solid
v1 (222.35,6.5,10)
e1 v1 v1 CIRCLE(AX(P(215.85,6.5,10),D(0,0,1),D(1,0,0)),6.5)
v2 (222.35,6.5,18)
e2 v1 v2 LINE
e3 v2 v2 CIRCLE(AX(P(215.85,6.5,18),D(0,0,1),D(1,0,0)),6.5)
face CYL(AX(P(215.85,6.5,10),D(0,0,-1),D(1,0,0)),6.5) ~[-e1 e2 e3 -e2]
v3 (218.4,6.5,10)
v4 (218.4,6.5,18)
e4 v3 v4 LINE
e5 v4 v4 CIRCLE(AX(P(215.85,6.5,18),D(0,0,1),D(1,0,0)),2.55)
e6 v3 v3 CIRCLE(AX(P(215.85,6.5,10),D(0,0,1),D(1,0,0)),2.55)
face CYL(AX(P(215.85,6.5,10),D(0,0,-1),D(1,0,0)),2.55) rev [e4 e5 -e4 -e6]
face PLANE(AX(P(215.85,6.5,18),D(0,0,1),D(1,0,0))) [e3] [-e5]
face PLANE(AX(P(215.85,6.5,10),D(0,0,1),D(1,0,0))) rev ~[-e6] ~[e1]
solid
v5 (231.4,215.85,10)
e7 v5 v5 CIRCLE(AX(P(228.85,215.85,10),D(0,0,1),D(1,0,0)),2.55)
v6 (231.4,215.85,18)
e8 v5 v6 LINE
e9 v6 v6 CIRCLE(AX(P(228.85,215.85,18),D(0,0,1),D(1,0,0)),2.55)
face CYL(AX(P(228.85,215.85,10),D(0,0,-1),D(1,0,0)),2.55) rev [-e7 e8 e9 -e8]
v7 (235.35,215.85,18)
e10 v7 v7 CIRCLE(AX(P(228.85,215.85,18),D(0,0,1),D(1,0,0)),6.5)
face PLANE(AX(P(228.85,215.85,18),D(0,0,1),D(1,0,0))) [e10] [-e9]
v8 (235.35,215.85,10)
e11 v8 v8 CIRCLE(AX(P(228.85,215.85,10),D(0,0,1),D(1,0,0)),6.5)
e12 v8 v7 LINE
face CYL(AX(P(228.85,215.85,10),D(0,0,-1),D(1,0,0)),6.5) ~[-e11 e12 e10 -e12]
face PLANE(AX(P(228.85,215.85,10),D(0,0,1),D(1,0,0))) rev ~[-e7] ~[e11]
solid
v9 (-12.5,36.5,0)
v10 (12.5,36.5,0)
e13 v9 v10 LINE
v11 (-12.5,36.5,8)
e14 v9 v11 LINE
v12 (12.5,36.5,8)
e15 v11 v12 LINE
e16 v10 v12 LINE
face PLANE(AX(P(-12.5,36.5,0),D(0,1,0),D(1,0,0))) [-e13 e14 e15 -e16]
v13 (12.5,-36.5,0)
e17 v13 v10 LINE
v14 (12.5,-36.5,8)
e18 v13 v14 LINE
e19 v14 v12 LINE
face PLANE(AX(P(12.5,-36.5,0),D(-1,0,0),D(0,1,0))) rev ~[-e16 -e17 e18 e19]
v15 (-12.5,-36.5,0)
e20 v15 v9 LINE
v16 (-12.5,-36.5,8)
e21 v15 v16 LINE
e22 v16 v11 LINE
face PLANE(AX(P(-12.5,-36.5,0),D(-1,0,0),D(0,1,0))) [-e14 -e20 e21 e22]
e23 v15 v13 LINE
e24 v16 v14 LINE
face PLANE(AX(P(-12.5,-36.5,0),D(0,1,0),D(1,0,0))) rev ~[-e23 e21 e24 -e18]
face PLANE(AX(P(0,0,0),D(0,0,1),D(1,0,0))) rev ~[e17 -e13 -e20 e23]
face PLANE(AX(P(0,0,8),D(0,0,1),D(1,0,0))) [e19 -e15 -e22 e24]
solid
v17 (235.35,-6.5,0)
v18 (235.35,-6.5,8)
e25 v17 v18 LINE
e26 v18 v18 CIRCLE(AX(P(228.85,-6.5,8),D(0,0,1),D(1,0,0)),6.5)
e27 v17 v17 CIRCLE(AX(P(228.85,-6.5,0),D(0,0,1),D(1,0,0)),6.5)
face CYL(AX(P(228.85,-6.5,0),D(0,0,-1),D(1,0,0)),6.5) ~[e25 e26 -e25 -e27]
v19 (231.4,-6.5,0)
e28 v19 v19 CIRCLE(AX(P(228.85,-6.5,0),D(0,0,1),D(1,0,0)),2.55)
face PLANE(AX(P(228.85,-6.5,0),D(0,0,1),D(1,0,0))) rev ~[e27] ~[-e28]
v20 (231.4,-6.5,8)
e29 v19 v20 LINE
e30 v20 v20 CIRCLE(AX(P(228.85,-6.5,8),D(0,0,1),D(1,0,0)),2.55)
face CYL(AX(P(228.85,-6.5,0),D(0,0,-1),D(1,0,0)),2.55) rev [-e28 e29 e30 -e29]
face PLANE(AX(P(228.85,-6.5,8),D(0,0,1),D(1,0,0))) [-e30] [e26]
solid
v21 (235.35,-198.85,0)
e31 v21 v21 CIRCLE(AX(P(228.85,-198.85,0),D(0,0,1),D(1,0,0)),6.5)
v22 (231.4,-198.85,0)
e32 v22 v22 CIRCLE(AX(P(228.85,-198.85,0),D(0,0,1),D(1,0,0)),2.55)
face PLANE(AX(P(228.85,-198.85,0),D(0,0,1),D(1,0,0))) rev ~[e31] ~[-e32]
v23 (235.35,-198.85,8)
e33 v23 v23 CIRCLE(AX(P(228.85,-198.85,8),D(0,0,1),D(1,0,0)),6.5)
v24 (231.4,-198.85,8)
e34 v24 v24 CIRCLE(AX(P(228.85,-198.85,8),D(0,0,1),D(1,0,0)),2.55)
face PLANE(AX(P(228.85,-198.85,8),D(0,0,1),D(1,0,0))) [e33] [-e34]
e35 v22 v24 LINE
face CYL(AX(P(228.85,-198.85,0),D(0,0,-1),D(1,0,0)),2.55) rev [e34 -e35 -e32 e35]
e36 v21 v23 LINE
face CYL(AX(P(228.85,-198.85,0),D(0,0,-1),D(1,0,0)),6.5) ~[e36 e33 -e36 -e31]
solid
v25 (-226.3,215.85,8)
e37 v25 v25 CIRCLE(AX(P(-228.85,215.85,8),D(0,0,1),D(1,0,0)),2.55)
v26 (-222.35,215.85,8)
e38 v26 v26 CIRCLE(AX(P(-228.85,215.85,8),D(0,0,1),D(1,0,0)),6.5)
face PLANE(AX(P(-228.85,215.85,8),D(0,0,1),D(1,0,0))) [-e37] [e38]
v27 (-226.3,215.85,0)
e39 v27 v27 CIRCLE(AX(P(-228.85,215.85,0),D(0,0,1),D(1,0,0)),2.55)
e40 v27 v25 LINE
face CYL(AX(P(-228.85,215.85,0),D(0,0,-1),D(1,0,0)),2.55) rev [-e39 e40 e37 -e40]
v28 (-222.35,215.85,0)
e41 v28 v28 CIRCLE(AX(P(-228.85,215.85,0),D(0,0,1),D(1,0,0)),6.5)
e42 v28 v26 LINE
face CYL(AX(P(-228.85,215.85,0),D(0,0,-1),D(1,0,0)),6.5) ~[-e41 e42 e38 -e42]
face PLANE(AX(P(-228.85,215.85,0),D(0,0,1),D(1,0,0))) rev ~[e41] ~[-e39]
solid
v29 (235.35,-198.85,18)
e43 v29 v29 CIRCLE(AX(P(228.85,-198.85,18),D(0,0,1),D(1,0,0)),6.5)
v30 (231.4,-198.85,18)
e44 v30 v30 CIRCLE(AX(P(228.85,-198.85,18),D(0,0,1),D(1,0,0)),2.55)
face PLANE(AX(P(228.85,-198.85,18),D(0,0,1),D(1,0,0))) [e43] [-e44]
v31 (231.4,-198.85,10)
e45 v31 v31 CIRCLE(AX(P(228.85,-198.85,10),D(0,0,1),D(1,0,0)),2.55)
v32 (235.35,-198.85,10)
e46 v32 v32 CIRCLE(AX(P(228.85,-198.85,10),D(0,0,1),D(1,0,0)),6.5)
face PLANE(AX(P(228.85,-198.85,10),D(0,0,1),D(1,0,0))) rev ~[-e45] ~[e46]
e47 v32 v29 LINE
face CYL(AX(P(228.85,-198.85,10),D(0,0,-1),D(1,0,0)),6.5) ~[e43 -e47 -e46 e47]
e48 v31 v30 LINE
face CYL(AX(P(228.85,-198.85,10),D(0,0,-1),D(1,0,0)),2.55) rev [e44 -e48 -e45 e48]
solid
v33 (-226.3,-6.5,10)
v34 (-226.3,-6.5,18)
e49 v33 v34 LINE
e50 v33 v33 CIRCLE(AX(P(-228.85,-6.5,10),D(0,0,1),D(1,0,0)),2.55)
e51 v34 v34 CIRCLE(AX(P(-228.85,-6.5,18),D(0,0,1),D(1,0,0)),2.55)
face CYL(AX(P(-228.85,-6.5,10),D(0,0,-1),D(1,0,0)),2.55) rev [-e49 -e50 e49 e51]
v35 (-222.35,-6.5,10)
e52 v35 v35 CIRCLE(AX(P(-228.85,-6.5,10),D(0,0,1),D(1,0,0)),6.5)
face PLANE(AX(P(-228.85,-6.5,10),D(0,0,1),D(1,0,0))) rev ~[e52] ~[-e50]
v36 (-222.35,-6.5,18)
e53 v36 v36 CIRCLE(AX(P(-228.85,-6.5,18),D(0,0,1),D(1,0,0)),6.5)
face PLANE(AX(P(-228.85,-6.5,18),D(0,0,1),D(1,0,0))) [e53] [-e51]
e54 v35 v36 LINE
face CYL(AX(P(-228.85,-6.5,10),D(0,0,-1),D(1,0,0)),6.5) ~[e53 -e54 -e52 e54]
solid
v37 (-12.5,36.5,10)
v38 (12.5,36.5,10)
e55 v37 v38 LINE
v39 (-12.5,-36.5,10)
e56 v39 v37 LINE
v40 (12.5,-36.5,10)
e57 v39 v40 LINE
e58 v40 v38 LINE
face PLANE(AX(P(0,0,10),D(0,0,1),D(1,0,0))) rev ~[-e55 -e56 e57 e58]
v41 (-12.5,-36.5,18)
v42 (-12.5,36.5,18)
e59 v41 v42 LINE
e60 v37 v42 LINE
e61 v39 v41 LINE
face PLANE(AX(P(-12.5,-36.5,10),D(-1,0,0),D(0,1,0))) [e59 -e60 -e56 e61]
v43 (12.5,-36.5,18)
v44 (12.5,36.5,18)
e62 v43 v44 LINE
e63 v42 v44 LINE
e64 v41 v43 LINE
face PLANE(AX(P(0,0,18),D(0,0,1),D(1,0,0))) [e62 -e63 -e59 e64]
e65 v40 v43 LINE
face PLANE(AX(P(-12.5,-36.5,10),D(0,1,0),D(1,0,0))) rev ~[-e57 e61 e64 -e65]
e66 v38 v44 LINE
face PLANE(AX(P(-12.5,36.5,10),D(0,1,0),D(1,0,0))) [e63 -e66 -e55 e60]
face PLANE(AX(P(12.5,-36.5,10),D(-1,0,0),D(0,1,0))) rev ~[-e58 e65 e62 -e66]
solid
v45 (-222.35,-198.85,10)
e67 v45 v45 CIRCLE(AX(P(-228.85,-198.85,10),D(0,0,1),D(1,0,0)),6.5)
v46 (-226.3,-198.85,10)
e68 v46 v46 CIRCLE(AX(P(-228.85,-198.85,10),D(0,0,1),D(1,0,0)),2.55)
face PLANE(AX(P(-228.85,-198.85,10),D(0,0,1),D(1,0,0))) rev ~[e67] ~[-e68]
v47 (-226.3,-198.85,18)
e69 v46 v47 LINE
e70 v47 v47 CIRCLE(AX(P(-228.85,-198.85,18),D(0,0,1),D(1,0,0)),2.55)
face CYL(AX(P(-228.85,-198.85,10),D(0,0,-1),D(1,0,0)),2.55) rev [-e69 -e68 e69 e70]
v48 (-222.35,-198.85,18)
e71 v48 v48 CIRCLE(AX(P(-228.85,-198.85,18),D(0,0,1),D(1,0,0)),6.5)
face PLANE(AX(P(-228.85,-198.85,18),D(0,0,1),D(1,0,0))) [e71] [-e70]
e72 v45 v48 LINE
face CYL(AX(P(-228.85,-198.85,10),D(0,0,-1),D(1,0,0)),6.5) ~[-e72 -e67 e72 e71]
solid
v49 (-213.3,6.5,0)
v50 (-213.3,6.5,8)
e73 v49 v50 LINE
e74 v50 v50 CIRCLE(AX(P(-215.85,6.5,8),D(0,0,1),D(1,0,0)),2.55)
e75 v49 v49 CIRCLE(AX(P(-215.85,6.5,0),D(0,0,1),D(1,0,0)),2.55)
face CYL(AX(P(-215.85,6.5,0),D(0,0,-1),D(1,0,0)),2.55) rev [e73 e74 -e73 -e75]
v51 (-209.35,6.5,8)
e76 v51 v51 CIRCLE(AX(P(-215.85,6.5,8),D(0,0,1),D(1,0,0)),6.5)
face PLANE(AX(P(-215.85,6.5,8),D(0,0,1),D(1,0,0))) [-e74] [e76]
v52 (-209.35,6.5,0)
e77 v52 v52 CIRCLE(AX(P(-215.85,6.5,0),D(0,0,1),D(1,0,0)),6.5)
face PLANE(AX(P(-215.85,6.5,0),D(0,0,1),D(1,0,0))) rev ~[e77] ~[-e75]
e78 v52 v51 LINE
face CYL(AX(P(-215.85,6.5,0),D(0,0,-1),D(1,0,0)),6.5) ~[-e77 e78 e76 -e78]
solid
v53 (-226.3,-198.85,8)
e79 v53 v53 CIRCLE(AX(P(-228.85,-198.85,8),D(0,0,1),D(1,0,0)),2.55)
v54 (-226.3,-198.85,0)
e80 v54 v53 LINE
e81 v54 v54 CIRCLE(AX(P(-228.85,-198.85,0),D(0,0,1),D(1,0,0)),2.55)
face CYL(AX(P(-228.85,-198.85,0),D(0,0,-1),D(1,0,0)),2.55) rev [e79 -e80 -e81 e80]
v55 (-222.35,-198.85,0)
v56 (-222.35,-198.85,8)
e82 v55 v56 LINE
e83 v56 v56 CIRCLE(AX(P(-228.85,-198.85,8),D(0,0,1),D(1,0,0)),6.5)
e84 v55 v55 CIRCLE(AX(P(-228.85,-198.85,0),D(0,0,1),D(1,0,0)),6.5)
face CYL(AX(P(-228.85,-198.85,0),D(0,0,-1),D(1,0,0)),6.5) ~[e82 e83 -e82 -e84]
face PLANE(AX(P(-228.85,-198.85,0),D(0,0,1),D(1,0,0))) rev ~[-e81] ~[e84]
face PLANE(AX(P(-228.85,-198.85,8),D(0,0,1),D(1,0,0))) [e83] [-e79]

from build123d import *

# Parameters (mm, degrees)
F4_R     = 6.5
F4_R_2   = 2.55
F4_W     = 25
F4_H     = 73
F5_DEPTH = 8
F7_R     = 6.5
F7_R_2   = 2.55
F7_W     = 25
F7_H     = 73
F8_DEPTH = 8


with BuildPart() as f5:
    # F4 (on Top) → F5 (new body)
    with BuildSketch(Plane.XY):
        with Locations((-228.85, 215.85)):
            Circle(F4_R)
        with Locations((-228.85, 215.85)):
            Circle(F4_R_2, mode=Mode.SUBTRACT)
        with Locations((-228.85, -198.85)):
            Circle(F4_R)
        with Locations((-228.85, -198.85)):
            Circle(F4_R_2, mode=Mode.SUBTRACT)
        with Locations((228.85, -198.85)):
            Circle(F4_R)
        with Locations((228.85, -198.85)):
            Circle(F4_R_2, mode=Mode.SUBTRACT)
        Rectangle(F4_W, F4_H)
        with Locations((-215.85, 6.5)):
            Circle(F4_R)
        with Locations((-215.85, 6.5)):
            Circle(F4_R_2, mode=Mode.SUBTRACT)
        with Locations((228.85, -6.5)):
            Circle(F4_R)
        with Locations((228.85, -6.5)):
            Circle(F4_R_2, mode=Mode.SUBTRACT)
    extrude(amount=F5_DEPTH)


with BuildPart() as f8:
    # F7 (on offset) → F8 (new body)
    with BuildSketch(Plane.XY.offset(10)):
        with Locations((228.85, 215.85)):
            Circle(F7_R)
        with Locations((228.85, 215.85)):
            Circle(F7_R_2, mode=Mode.SUBTRACT)
        with Locations((-228.85, -198.85)):
            Circle(F7_R)
        with Locations((-228.85, -198.85)):
            Circle(F7_R_2, mode=Mode.SUBTRACT)
        with Locations((228.85, -198.85)):
            Circle(F7_R)
        with Locations((228.85, -198.85)):
            Circle(F7_R_2, mode=Mode.SUBTRACT)
        Rectangle(F7_W, F7_H)
        with Locations((-228.85, -6.5)):
            Circle(F7_R)
        with Locations((-228.85, -6.5)):
            Circle(F7_R_2, mode=Mode.SUBTRACT)
        with Locations((215.85, 6.5)):
            Circle(F7_R)
        with Locations((215.85, 6.5)):
            Circle(F7_R_2, mode=Mode.SUBTRACT)
    extrude(amount=F8_DEPTH)


solid = Compound([f5.part, f8.part])
